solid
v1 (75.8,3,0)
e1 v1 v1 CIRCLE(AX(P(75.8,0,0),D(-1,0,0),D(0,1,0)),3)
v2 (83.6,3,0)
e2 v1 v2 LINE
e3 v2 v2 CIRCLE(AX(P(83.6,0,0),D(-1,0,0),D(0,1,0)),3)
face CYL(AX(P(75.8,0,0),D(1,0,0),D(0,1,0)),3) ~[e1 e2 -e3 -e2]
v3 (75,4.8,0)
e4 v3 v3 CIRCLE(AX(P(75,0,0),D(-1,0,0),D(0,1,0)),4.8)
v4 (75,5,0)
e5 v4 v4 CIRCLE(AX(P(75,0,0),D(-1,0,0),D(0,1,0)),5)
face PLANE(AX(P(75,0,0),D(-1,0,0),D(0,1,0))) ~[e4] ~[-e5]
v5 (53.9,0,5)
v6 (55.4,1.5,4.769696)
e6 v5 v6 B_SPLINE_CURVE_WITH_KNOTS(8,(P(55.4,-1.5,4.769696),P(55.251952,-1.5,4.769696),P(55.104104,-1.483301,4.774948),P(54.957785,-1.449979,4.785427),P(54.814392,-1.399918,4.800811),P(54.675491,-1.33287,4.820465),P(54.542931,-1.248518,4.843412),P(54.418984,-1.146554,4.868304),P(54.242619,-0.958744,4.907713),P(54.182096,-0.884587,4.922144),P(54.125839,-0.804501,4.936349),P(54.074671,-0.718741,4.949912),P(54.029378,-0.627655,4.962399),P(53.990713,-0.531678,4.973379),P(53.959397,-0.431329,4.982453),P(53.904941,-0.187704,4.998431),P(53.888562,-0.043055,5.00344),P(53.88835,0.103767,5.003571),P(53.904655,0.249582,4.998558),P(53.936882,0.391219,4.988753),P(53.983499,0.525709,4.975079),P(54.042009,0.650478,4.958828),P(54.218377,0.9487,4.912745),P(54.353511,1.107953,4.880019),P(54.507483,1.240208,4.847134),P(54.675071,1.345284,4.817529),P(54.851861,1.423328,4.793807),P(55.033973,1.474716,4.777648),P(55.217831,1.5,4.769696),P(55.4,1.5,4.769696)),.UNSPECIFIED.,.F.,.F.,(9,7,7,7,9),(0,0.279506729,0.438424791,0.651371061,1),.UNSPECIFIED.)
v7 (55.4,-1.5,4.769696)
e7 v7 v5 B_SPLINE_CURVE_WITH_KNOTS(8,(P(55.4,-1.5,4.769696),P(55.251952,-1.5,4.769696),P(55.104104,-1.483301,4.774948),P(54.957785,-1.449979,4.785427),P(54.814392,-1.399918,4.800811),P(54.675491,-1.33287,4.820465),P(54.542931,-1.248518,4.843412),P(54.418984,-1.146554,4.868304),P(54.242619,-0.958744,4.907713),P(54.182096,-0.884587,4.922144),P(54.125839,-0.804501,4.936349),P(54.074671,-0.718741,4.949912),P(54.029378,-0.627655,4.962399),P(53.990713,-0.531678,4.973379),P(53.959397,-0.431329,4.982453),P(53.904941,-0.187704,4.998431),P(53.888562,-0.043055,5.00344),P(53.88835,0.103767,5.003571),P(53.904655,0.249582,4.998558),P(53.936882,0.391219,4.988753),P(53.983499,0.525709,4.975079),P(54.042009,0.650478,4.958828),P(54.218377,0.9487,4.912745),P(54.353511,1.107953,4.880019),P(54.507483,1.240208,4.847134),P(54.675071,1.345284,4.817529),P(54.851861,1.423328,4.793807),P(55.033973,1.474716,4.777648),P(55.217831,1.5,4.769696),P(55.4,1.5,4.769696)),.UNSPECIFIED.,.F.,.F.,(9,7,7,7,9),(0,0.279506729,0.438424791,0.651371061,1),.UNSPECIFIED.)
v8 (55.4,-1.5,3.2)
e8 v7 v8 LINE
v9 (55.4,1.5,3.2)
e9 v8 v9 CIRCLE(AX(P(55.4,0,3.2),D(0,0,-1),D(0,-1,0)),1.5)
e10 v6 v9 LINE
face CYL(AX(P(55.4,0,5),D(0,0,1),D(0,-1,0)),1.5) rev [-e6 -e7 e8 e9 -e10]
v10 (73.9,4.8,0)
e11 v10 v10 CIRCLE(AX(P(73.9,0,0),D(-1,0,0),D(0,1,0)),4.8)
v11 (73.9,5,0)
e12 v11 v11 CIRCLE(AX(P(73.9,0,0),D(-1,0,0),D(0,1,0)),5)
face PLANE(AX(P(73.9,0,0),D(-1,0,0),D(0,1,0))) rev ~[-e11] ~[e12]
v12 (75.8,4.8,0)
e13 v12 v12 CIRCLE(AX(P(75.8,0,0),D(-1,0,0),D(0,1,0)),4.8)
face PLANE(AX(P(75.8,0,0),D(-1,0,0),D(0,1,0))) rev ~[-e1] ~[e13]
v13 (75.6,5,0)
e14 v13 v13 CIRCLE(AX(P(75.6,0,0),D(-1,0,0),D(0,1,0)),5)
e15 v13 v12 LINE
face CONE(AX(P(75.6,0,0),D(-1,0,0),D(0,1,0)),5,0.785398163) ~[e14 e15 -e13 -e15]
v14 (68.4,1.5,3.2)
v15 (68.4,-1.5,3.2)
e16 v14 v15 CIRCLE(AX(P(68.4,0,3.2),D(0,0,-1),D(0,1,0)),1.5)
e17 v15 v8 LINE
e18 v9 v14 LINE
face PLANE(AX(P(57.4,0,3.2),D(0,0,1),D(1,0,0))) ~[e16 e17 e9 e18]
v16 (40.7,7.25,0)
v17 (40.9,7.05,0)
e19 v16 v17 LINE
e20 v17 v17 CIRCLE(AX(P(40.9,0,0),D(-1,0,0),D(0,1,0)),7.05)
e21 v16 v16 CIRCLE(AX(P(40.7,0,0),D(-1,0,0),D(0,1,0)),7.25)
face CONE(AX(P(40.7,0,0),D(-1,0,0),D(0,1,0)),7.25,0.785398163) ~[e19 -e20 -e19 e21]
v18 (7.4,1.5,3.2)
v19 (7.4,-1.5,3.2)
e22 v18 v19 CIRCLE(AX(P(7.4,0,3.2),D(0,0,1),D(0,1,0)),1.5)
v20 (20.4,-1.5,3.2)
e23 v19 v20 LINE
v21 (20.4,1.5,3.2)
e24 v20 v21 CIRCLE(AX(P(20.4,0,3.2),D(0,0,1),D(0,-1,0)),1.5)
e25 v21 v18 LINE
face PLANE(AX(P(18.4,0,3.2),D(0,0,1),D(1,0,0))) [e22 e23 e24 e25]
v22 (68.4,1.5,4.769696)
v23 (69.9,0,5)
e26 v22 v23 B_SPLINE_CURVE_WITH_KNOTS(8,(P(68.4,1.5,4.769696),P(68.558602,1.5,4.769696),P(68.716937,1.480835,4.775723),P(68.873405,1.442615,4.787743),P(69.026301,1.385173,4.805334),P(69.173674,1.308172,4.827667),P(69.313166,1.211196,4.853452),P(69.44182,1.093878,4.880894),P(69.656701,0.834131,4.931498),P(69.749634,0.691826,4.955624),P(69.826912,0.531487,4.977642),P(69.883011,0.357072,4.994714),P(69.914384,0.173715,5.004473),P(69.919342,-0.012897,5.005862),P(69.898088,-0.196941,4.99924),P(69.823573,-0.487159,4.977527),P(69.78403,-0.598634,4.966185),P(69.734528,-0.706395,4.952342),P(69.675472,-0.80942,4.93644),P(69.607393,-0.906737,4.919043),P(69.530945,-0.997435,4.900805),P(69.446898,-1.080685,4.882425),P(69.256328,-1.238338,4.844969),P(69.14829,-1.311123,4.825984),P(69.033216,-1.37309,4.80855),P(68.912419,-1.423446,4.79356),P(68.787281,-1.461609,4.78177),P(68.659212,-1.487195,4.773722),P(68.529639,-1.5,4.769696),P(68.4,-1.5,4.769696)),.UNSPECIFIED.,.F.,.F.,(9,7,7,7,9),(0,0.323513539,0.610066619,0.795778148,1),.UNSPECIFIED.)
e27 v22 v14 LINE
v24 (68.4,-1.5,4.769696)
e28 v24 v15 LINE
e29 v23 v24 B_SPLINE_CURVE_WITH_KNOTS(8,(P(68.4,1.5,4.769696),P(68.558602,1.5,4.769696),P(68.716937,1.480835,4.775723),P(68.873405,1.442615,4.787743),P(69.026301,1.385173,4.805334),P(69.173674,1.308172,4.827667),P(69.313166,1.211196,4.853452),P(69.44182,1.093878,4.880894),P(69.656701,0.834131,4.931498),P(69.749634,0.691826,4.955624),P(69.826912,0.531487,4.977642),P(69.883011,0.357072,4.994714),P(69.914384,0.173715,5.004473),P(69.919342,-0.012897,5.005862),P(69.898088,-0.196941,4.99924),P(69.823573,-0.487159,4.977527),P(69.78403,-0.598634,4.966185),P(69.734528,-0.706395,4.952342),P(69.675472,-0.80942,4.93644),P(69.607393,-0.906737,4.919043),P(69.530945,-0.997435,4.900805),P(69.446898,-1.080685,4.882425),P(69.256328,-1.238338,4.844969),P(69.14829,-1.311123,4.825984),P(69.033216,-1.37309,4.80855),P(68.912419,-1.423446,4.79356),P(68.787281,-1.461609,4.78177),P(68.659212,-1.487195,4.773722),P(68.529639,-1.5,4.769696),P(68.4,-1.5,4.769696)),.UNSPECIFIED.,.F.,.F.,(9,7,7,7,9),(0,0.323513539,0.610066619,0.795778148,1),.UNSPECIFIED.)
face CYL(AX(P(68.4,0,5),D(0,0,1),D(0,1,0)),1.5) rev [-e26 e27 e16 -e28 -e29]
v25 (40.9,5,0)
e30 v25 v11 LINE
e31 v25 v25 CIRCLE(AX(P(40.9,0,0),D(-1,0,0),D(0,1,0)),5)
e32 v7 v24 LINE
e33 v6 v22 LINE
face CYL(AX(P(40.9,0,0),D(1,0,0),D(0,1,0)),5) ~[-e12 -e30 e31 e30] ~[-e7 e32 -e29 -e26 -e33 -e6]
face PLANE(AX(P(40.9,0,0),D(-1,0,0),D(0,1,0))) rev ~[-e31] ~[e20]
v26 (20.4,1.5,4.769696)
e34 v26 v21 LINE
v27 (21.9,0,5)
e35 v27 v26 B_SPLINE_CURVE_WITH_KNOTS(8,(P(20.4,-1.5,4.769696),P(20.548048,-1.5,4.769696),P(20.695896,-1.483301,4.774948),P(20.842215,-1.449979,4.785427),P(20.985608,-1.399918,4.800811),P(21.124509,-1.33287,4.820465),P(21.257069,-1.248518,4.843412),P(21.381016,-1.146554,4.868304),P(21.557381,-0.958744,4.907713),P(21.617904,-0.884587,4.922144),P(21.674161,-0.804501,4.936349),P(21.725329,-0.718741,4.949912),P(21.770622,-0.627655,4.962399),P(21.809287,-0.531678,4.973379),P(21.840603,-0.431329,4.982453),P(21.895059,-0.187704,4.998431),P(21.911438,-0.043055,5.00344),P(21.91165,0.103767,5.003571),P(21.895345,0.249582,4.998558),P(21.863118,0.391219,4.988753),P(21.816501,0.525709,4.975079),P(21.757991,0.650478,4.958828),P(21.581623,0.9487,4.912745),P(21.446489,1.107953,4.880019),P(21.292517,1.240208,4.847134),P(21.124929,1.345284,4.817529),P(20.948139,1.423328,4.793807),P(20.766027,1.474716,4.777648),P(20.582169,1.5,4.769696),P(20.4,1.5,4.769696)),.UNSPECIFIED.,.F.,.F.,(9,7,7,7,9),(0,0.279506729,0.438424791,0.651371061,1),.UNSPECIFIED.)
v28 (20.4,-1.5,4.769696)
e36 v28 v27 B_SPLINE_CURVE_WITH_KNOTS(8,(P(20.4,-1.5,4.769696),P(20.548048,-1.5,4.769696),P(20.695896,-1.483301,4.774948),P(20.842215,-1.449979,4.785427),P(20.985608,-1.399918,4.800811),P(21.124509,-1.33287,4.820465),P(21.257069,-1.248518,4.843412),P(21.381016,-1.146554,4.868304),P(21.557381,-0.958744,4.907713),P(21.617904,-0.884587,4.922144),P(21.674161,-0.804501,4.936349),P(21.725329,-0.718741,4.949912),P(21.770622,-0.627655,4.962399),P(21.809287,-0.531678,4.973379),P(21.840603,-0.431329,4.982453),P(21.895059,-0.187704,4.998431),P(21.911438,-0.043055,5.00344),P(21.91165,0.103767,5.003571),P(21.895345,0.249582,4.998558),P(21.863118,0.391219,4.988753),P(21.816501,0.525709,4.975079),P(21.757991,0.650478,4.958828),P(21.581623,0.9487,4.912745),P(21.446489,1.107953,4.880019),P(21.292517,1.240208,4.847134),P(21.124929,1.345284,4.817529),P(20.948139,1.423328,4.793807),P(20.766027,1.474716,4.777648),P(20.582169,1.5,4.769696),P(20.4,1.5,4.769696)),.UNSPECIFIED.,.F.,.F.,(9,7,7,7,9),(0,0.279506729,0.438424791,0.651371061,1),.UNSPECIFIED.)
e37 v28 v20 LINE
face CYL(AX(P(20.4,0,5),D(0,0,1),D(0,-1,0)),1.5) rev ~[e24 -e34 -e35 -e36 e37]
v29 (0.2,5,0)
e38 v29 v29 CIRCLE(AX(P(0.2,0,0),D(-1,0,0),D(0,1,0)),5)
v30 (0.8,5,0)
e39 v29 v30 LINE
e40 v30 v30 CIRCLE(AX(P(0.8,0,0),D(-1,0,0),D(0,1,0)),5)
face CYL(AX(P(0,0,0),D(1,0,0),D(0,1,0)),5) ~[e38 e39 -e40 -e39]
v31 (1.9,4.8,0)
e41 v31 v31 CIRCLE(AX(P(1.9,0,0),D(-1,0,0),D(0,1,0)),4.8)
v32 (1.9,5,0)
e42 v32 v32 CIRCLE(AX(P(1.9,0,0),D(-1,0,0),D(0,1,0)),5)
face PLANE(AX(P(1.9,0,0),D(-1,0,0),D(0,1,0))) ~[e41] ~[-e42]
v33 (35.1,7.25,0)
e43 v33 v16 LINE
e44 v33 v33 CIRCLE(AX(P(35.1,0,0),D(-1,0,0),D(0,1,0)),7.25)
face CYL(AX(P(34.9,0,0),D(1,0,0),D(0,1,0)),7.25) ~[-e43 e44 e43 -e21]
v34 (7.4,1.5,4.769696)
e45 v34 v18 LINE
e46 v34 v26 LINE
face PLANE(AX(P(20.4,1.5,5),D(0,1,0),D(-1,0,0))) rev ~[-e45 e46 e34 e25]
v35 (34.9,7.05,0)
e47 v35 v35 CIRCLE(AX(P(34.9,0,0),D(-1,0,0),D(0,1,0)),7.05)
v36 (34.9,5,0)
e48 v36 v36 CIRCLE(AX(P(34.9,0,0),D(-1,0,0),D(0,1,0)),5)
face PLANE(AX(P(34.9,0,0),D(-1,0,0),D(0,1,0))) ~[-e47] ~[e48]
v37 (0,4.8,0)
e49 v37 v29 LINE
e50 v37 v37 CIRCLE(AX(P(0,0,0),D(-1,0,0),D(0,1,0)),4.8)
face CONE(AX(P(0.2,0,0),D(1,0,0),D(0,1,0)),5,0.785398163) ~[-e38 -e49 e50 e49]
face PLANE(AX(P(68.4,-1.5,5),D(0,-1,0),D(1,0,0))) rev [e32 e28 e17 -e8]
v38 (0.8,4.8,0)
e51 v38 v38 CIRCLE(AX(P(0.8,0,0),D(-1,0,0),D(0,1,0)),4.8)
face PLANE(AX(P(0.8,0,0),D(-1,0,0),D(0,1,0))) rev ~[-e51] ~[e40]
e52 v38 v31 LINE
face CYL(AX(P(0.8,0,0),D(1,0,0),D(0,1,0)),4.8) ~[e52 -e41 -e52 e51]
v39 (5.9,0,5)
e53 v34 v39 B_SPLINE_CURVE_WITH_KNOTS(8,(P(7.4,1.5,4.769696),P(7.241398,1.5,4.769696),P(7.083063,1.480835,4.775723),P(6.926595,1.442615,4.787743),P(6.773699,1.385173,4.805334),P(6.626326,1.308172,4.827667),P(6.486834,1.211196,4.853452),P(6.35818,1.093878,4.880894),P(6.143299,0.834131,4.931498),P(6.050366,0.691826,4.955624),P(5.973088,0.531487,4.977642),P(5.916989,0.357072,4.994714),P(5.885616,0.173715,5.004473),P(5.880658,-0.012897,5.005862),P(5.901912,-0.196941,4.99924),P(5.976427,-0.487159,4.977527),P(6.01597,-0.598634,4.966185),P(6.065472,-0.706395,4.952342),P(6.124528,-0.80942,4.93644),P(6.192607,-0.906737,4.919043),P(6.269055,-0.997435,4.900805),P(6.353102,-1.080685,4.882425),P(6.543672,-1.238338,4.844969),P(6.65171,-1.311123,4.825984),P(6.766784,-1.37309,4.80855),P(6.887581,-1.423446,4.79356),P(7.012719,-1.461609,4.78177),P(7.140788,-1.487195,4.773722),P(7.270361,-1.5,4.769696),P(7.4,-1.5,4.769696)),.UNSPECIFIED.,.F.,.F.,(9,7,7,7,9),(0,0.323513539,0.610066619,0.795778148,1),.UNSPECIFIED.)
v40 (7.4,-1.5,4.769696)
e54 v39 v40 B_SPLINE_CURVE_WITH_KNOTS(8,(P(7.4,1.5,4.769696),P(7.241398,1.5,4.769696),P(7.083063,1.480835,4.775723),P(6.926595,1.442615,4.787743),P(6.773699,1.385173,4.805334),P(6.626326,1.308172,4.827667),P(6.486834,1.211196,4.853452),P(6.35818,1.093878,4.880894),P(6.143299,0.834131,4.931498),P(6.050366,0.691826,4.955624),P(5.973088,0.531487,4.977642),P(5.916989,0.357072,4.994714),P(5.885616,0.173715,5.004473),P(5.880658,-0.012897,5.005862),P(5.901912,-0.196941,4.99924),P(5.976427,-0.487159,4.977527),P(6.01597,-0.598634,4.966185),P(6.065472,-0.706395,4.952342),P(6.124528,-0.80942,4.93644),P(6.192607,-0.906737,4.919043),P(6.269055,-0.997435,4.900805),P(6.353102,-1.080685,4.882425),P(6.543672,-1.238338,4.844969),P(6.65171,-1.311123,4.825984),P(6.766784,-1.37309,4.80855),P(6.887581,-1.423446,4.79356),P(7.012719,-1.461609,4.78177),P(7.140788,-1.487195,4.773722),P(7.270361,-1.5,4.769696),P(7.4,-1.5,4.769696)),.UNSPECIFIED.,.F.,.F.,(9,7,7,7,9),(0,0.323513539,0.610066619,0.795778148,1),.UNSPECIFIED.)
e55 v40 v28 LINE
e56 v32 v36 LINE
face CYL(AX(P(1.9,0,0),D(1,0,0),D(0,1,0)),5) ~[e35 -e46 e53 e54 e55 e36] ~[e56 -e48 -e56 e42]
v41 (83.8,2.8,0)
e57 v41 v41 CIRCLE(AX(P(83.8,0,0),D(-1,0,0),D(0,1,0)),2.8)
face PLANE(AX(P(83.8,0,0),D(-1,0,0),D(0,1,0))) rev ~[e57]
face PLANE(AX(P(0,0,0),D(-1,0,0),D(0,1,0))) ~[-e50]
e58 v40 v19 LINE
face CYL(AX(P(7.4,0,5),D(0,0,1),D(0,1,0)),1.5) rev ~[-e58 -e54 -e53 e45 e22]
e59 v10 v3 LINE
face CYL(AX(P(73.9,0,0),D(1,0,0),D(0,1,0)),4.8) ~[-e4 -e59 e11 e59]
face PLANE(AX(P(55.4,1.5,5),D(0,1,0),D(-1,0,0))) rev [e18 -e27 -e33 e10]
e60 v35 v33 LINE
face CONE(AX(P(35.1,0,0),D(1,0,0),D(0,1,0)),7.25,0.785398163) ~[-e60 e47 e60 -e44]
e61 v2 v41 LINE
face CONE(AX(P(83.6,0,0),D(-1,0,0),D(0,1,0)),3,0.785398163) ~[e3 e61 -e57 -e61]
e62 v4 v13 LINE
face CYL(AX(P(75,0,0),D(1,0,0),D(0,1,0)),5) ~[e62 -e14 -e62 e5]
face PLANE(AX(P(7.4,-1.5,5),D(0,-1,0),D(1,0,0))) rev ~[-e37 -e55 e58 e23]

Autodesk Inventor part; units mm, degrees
ref_plane "YZ Plane" through (0, 0, 0) normal (1, 0, 0) x (0, 1, 0)
ref_plane "XZ Plane" through (0, 0, 0) normal (0, 1, 0) x (-1, 0, 0)
sketch "Skizze1" plane through (0, 0, 0) normal (0, 0, 1) x (1, 0, 0)
  line L0 (0, 0) -> (0, 5)
  line L1 (0, 5) -> (0.8, 5)
  line L2 (0.8, 5) -> (0.8, 4.8)
  line L3 (0.8, 4.8) -> (1.9, 4.8)
  line L4 (1.9, 4.8) -> (1.9, 5)
  line L5 (1.9, 5) -> (34.9, 5)
  line L6 (34.9, 5) -> (34.9, 7.25)
  line L7 (34.9, 7.25) -> (40.9, 7.25)
  line L8 (40.9, 7.25) -> (40.9, 5)
  line L9 (40.9, 5) -> (73.9, 5)
  line L10 (73.9, 5) -> (73.9, 4.8)
  line L11 (73.9, 4.8) -> (75, 4.8)
  line L12 (75, 4.8) -> (75, 5)
  line L13 (75, 5) -> (75.8, 5)
  line L14 (75.8, 5) -> (75.8, 3)
  line L15 (75.8, 3) -> (83.8, 3)
  line L16 (83.8, 3) -> (83.8, 0)
  line L17 (83.8, 0) -> (0, 0)
  line L18 (25.9, 5) -> (25.9, 0) construction
  line L19 (49.9, 5) -> (49.9, 0) construction
  line L20 (15.9, 5) -> (15.9, 0) construction
  line L21 (59.9, 5) -> (59.9, 0) construction
  dimension "d0" = 10
  dimension "d1" = 6
  dimension "d2" = 14.5
  dimension "d3" = 1.1
  dimension "d4" = 9.6
  dimension "d5" = 0.8
  dimension "d6" = 0.8
  dimension "d7" = 9
  dimension "d8" = 9
  dimension "d9" = 6
  dimension "d10" = 24
  dimension "d11" = 24
  dimension "d12" = 8
  dimension "ParrallelMecha_DrivenLink_OuterWidth" = 72
  dimension "d22" = 10
  dimension "d23" = 10
  dimension "Querstrebe_Length" = 44
revolve "Umdrehung1" add sketch "Skizze1" angle 360 about axis through (83.8, 0, 0) along (-1, 0, 0)
chamfer "Fase1" distance 0.2 angle 45 5 edges at (34.9, -7.25, 0) (40.9, -7.25, 0) (75.8, -5, 0) (83.8, -3, 0) (0, -5, 0)
ref_plane "Wellennut_Spiegelebene" through (37.9, 0, 0) normal (-1, 0, 0) x (0, 0, 1)
ref_plane "Arbeitsebene2" through (18.4, 0, 5) normal (0, 0, 1) x (1, 0, 0)
sketch "Skizze3" plane through (18.4, 0, 5) normal (0, 0, 1) x (1, 0, 0)
  line L0 (7.5, 5) -> (7.5, 0) construction
  line L1 (-35.16, 0) -> (82.16, 0) construction
  line L2 (2, 0) -> (-11, 0) construction
  line L3 (2, 1.5) -> (-11, 1.5)
  line L4 (-11, -1.5) -> (2, -1.5)
  arc A0 (2, -1.5) -> (2, 1.5) centre (2, 0) ccw
  arc A1 (-11, 1.5) -> (-11, -1.5) centre (-11, 0) ccw
  line L5 (-16.5, 0) -> (7.5, 0) construction
  line L6 (-16.5, -5) -> (-16.5, 5) construction
  point P0 (-18.4, 0)
  point P1 (-4.5, 0)
  point P2 (-4.5, 0)
  dimension "d17" = 3
  dimension "d18" = 16
extrude "Wellennut" cut sketch "Skizze3" against normal blind 1.8
mirror "Spiegeln1" about plane through (37.9, 0, 0) normal (-1, 0, 0) of "Wellennut"
equation "\"d10\" = ParallelLink_Lever_Thickness_1 + ParallelLink_BearingStep_Height_1"
equation "\"d11\" = d10"
equation "\"d22\" = ParallelLink_BearingStep_Height_1"
equation "\"d23\" = d22"
equation "\"ParallelLink_Lever_Thickness_1\" = 14"
equation "\"ParallelLink_BearingStep_Height_1\" = 10"
properties part number "ParallelSystem_ProximalPart_Shaft_Driven" material "Edelstahl"
